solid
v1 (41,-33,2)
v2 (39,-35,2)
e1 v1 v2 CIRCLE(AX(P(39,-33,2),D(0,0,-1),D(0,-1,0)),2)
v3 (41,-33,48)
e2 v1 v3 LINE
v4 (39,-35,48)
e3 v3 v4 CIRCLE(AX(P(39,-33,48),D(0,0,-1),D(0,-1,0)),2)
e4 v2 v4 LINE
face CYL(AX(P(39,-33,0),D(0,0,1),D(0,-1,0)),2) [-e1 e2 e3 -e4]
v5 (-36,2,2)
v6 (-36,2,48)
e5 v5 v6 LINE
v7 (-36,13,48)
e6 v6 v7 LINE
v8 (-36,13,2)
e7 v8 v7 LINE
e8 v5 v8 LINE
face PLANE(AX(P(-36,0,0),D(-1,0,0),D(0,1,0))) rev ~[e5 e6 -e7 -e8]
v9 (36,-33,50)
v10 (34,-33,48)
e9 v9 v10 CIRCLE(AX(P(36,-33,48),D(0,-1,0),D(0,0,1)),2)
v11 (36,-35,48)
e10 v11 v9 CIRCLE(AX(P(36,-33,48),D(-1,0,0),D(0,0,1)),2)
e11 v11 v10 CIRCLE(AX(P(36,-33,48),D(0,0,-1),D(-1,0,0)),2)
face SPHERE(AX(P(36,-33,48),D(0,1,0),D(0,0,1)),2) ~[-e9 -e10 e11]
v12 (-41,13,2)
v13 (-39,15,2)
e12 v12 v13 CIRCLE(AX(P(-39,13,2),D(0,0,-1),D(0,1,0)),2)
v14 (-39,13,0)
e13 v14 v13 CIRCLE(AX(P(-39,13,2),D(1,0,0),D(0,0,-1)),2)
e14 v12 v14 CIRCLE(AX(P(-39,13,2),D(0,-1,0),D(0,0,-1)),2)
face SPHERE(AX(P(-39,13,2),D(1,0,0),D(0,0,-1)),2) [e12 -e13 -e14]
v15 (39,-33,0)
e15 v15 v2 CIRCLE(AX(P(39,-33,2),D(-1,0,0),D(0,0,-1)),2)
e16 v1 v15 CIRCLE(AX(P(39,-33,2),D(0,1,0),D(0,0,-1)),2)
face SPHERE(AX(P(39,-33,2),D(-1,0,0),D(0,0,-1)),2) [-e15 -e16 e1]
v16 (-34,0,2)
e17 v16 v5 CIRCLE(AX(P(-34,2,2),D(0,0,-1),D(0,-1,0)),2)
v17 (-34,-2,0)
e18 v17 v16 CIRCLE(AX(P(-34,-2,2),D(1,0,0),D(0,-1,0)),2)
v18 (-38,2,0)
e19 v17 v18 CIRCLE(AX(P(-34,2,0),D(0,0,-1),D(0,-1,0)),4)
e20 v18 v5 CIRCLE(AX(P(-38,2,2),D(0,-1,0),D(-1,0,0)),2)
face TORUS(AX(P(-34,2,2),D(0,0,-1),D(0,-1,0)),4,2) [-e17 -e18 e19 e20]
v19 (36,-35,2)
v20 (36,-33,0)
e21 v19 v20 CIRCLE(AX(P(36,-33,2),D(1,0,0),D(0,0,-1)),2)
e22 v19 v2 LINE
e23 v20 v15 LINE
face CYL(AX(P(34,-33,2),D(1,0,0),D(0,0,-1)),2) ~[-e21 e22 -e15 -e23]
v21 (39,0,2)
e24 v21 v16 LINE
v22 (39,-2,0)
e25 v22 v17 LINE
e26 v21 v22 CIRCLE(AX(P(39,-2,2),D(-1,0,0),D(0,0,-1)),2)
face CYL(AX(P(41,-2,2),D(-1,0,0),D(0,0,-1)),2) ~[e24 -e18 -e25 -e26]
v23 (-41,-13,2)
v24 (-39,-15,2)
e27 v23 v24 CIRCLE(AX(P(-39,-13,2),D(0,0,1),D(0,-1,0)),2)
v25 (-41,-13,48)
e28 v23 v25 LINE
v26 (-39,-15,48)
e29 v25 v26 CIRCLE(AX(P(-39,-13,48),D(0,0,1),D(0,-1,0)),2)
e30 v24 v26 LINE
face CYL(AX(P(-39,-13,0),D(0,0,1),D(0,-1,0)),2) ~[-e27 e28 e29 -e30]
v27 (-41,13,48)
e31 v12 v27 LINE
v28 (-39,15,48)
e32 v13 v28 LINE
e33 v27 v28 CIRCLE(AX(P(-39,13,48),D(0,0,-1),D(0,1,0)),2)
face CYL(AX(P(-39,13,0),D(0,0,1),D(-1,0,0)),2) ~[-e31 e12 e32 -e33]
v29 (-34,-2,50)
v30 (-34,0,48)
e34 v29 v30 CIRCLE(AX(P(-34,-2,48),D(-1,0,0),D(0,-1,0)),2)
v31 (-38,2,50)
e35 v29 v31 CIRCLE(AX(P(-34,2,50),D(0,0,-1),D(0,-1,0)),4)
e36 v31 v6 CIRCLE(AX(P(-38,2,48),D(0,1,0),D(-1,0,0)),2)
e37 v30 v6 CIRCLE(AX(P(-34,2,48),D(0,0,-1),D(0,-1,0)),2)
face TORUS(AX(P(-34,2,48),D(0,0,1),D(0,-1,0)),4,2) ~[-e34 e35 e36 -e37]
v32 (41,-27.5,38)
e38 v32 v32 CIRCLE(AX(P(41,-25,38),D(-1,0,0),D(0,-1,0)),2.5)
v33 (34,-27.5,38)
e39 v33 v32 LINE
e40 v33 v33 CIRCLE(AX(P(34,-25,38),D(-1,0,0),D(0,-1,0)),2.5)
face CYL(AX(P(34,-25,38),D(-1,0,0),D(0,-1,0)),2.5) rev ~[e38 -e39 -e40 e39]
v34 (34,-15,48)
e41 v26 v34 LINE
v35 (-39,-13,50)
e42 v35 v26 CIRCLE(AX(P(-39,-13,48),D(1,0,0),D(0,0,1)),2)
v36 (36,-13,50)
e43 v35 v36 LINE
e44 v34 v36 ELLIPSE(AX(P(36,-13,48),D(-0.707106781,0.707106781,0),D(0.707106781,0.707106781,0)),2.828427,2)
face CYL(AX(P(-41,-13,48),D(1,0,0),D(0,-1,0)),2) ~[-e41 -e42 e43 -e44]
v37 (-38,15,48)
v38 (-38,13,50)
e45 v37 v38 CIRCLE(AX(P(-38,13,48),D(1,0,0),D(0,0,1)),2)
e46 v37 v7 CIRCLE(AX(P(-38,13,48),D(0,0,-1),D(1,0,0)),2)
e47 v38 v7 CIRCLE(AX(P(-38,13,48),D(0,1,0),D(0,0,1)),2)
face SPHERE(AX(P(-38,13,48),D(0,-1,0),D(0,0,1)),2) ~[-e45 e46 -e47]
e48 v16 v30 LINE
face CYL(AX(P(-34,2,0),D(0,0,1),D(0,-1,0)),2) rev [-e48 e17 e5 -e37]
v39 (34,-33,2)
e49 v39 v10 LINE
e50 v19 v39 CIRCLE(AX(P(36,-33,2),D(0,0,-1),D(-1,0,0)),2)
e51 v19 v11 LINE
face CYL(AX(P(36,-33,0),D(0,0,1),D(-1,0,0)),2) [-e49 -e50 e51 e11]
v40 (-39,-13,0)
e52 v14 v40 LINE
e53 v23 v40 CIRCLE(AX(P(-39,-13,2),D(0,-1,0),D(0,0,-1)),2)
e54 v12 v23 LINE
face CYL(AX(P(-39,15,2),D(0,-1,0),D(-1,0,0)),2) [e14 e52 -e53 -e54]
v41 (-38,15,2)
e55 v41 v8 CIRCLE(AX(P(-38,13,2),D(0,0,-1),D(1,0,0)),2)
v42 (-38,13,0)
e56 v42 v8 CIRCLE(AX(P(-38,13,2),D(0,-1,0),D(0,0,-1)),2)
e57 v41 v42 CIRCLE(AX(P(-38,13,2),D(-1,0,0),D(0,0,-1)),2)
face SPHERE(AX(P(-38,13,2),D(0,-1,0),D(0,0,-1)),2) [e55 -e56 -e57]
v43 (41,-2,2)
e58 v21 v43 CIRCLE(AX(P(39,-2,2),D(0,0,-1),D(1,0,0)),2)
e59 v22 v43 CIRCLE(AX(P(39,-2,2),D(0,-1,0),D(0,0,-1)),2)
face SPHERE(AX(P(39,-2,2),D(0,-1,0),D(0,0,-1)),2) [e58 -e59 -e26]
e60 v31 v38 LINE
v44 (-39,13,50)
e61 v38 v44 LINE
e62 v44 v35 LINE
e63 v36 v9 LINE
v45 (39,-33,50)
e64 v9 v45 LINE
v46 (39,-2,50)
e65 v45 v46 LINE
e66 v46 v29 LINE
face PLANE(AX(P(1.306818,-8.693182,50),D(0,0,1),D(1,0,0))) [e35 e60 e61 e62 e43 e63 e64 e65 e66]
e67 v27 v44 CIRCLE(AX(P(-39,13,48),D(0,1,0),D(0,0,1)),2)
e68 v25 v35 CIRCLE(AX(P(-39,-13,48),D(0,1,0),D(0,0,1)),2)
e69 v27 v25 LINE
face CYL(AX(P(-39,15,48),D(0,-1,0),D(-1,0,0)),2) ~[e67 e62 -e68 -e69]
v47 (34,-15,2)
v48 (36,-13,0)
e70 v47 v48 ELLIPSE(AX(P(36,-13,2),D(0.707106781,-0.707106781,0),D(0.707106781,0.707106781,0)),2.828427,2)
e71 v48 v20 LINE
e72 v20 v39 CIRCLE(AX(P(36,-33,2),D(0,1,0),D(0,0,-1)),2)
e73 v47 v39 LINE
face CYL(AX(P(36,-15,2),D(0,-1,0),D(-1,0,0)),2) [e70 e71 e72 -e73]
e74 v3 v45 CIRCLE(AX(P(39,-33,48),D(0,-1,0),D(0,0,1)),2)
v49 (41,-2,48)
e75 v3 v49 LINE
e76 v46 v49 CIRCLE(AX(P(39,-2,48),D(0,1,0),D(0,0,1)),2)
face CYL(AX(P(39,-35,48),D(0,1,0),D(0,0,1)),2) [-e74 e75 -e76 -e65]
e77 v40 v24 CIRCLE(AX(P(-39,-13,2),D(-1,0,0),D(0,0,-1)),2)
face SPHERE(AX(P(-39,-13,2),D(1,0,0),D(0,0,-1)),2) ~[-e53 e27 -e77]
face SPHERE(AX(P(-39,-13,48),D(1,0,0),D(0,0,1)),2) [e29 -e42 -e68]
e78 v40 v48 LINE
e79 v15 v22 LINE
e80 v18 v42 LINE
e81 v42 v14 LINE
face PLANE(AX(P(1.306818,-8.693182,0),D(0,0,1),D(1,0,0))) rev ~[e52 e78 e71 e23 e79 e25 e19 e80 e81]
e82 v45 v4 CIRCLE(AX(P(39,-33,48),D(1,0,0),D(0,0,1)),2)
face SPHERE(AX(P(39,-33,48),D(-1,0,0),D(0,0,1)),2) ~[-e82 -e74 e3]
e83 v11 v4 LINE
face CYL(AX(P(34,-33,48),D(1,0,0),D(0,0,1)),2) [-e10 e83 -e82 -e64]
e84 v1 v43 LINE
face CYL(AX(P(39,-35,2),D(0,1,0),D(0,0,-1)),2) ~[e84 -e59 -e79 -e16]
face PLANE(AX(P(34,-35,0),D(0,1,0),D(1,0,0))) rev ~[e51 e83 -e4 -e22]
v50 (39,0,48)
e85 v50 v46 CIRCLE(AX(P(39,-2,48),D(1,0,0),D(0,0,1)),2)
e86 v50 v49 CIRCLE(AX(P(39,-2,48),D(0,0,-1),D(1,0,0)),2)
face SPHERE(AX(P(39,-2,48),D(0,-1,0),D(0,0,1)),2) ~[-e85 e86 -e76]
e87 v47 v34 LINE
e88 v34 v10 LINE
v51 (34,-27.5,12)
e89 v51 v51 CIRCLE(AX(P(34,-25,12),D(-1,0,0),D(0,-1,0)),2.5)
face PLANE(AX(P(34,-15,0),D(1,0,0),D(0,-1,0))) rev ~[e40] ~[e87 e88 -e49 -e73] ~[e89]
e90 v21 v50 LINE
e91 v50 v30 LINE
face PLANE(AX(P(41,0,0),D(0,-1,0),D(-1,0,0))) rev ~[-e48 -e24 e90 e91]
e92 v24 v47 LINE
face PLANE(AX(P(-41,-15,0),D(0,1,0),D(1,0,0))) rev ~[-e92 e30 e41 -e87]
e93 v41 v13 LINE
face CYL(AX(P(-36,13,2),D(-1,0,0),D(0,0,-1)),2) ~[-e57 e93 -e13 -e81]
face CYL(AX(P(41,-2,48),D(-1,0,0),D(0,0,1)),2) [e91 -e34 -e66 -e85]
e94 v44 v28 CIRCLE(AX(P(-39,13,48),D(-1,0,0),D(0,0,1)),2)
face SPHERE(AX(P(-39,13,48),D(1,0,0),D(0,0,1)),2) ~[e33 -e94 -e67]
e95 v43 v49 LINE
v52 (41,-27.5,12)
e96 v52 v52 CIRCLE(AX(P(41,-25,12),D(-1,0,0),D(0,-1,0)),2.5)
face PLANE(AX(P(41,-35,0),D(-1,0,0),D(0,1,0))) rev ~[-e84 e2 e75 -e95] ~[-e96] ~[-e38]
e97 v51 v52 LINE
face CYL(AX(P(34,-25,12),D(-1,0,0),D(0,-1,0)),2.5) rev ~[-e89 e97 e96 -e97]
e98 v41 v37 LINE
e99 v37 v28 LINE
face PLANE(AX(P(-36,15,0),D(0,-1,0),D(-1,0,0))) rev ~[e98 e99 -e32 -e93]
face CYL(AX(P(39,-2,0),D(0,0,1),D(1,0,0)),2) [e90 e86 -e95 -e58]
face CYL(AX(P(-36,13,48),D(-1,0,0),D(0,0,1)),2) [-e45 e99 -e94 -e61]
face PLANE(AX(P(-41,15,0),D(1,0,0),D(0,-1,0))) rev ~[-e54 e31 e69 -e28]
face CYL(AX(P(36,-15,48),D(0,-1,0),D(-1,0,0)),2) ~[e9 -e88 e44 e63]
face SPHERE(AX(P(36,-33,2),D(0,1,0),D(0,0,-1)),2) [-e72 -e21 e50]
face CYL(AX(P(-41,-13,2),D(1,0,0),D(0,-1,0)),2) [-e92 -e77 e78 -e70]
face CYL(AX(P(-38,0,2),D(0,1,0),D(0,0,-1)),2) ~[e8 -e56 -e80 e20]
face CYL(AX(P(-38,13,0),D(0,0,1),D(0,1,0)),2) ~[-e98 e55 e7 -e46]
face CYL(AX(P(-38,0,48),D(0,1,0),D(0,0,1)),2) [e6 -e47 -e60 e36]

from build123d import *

# Parameters (mm, degrees)
F1_DEPTH = 50
F2_R     = 2.5
F3_DEPTH = 25
F4_R     = 2


with BuildPart() as f1:
    # F0 (on Top) → F1 (new body)
    with BuildSketch(Plane.XY):
        Polygon((-41, -15), (34, -15), (34, -35), (41, -35), (41, -15), (41, 0), (-36, 0), (-36, 15), (-41, 15), align=None)
    extrude(amount=F1_DEPTH)

    # F2 (on face) → F3 (cut)
    with BuildSketch(Plane(origin=(34, 0, 0), x_dir=(0, -1, 0), z_dir=(-1, 0, 0))):
        with Locations((25, 12)):
            Circle(F2_R)
        with Locations((25, 38)):
            Circle(F2_R)
    extrude(amount=-F3_DEPTH, mode=Mode.SUBTRACT)

    # F4
    f4_edges = [f1.edges().sort_by_distance(p)[0] for p in [
        (-3.5, -15, 50),
        (34, -25, 50),
        (37.5, -35, 50),
        (41, -17.5, 50),
        (2.5, 0, 50),
        (-36, 7.5, 50),
        (-38.5, 15, 50),
        (-41, 0, 50),
        (-3.5, -15, 0),
        (34, -25, 0),
        (37.5, -35, 0),
        (41, -17.5, 0),
        (2.5, 0, 0),
        (-36, 7.5, 0),
        (-38.5, 15, 0),
        (-41, 0, 0),
        (34, -35, 25),
        (-41, -15, 25),
        (-41, 15, 25),
        (-36, 15, 25),
        (41, 0, 25),
        (-36, 0, 25),
        (41, -35, 25),
    ]]
    fillet(f4_edges, radius=F4_R)


solid = f1.part
